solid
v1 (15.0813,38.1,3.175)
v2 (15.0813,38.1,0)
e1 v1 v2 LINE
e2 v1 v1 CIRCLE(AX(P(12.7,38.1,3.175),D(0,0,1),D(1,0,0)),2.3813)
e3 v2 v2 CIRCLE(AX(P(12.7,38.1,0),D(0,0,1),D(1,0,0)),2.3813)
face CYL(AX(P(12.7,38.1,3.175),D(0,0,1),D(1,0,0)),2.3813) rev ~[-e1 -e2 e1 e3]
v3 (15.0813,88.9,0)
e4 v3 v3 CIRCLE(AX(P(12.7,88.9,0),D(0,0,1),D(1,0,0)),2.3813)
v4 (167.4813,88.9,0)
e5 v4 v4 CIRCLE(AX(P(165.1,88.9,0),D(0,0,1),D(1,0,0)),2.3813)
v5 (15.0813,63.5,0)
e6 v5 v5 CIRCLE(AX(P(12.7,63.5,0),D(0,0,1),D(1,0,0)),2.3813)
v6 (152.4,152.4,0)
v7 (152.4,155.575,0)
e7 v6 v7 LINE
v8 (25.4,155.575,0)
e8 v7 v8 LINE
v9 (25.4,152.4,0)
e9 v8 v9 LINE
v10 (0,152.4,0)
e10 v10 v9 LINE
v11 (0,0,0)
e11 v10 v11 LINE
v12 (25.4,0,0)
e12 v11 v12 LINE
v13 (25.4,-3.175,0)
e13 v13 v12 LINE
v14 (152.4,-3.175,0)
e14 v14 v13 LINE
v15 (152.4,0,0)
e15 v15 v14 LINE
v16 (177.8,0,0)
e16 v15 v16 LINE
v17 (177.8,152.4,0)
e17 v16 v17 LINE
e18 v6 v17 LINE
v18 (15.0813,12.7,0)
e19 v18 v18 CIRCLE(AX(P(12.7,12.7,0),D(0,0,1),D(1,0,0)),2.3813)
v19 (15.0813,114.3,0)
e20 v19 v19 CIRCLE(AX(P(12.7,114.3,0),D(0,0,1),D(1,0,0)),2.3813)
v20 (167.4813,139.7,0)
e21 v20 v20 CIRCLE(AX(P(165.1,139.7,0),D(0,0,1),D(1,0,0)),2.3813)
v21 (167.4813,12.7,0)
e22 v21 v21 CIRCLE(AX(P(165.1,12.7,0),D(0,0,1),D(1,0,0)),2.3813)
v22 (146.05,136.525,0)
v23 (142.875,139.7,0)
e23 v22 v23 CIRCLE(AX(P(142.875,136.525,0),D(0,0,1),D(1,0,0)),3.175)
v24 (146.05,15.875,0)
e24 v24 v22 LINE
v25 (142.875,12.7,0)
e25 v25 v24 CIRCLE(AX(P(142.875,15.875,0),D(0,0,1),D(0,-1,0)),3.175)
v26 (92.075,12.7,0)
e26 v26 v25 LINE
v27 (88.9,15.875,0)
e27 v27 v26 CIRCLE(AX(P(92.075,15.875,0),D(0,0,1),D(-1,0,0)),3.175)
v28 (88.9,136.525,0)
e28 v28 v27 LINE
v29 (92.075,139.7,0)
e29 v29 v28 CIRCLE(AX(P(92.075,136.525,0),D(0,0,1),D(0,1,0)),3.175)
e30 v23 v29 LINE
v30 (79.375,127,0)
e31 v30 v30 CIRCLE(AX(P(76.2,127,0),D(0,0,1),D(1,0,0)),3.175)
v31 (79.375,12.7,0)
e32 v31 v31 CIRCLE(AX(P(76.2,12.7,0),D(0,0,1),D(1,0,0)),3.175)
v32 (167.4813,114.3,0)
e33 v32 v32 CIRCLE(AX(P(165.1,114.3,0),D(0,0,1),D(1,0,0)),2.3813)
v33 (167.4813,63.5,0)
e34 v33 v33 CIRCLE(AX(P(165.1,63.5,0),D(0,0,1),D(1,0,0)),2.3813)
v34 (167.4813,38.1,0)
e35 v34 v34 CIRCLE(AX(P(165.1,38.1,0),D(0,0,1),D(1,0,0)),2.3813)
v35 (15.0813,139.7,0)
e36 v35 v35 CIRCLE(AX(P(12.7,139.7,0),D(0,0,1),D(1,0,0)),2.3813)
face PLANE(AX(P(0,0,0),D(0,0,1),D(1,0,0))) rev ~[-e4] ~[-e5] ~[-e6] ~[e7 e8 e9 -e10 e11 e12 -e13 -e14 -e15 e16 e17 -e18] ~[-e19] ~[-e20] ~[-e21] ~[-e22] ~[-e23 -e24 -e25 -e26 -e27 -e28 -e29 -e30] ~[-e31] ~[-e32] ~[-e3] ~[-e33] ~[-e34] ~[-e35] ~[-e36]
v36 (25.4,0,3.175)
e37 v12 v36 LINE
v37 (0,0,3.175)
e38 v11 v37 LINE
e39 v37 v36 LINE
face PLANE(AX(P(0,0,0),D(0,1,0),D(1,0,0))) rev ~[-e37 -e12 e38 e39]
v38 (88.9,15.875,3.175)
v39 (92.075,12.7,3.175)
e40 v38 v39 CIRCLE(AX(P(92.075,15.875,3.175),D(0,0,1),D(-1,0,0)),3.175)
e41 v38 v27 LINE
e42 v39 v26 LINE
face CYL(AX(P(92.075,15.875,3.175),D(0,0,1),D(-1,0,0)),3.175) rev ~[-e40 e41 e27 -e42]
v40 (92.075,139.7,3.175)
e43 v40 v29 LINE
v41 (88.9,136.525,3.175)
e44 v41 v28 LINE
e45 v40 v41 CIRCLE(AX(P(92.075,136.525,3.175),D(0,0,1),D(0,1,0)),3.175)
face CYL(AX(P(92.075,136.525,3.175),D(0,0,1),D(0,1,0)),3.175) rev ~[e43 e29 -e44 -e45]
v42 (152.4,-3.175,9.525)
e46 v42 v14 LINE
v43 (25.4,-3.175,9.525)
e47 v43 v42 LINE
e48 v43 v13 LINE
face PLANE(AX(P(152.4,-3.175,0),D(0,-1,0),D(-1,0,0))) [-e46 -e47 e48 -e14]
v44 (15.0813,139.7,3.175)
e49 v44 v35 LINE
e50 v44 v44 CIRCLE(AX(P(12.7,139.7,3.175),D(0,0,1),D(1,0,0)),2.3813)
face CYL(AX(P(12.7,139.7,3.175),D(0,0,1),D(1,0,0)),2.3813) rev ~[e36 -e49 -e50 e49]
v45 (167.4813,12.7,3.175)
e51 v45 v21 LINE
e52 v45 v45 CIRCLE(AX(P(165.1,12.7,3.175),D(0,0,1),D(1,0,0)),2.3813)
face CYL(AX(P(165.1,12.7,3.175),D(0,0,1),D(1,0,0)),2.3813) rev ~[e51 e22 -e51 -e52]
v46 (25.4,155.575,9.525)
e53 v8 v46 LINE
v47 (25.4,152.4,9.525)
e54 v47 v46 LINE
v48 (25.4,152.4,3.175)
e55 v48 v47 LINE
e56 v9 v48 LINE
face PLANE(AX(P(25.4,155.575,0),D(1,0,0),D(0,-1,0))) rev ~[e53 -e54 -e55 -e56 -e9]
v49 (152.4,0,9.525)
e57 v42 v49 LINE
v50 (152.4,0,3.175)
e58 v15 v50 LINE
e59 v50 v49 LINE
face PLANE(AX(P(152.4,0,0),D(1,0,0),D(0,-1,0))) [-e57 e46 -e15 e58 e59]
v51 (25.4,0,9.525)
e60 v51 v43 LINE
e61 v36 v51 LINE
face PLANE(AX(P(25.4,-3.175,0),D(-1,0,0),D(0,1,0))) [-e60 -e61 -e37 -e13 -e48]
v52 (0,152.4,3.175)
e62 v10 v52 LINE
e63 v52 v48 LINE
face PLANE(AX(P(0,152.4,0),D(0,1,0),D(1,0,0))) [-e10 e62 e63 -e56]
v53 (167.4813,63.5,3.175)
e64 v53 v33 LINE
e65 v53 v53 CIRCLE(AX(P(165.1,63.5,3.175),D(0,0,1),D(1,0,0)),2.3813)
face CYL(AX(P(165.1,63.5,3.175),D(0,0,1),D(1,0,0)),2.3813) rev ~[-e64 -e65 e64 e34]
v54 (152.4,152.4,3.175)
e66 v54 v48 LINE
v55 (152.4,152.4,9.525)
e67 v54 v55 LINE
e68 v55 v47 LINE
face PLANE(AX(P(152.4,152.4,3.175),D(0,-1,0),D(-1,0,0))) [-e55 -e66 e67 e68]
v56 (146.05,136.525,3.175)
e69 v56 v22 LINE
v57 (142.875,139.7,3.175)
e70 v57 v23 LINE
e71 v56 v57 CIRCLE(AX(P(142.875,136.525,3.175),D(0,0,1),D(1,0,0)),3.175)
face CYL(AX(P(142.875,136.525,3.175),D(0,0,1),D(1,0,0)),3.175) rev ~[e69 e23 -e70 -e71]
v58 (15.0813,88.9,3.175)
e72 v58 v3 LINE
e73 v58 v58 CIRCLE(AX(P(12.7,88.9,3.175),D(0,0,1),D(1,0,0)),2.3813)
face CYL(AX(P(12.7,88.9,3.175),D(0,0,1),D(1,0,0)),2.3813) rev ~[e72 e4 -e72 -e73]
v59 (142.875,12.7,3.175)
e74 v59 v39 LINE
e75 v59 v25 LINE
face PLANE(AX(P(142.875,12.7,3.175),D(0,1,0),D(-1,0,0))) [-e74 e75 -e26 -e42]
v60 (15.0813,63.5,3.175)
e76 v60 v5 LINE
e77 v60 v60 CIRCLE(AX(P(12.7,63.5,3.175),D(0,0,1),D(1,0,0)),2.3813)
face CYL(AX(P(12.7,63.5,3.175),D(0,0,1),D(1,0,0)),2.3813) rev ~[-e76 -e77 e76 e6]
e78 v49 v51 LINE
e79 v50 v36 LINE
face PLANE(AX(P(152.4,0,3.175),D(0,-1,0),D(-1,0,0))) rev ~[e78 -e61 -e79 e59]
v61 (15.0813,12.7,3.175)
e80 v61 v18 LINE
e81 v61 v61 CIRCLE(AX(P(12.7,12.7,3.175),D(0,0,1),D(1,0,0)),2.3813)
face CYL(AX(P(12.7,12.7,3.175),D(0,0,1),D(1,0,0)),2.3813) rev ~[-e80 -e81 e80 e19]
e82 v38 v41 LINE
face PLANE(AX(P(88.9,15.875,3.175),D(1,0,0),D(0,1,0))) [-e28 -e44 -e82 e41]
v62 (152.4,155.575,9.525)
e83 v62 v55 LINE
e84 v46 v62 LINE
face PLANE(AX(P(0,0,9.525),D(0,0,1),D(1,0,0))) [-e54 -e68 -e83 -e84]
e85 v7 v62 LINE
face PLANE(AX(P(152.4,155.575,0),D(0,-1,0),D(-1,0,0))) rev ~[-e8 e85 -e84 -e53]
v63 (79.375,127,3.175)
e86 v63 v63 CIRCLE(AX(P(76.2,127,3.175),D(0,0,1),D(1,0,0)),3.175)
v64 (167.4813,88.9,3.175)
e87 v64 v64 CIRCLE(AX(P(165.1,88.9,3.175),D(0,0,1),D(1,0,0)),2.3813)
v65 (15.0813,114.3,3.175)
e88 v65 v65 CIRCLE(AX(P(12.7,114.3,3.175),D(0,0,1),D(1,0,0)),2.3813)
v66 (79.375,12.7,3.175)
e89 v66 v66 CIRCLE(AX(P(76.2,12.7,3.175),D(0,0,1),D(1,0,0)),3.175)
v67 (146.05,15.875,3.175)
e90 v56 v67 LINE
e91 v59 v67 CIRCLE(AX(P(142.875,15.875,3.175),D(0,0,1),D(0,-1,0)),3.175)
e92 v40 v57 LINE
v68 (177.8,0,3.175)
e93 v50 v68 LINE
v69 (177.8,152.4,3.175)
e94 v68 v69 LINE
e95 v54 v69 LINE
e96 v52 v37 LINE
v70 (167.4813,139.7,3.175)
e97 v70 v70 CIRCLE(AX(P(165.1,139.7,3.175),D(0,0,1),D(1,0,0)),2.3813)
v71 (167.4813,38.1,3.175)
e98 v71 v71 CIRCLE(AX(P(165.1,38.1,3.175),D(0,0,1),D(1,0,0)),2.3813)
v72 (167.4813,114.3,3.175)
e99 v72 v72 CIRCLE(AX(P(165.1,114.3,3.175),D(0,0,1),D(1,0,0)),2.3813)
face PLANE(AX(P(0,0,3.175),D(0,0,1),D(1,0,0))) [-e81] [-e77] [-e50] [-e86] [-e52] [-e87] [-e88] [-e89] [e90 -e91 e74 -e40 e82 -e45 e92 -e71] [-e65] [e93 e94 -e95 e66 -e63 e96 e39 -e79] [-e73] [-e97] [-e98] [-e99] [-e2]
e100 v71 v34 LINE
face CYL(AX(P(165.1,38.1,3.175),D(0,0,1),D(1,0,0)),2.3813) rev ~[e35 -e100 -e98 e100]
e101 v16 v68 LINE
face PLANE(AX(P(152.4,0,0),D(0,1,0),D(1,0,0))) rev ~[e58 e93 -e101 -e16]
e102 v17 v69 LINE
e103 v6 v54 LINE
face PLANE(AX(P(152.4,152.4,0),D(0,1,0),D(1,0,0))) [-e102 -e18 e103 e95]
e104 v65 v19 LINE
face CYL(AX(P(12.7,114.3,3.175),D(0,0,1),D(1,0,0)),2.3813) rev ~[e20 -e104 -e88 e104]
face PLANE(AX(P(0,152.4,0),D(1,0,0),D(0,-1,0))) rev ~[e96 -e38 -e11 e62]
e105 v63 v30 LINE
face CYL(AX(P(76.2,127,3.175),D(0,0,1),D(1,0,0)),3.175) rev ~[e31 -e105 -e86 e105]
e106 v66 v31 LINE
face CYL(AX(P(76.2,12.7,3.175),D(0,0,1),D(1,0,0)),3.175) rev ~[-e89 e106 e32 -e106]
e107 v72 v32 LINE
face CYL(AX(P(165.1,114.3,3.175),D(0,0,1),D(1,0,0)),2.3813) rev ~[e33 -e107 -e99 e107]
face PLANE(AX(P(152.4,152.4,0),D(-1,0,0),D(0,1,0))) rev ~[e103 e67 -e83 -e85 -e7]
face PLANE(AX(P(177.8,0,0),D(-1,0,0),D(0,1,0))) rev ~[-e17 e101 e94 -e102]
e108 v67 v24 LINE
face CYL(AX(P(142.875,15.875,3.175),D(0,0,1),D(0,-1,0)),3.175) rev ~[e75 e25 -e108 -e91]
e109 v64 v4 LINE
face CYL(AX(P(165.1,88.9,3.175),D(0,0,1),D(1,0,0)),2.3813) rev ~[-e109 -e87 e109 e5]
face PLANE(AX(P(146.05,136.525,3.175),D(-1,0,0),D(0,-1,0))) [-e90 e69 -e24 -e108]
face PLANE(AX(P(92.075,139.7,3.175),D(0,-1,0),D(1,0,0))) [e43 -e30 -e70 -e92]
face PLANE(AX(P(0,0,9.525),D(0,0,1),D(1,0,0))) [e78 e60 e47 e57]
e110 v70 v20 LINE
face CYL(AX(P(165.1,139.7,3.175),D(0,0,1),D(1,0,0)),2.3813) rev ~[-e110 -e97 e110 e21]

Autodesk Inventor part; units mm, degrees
ref_plane "YZ Plane" through (0, 0, 0) normal (1, 0, 0) x (0, 1, 0)
ref_plane "XZ Plane" through (0, 0, 0) normal (0, 1, 0) x (-1, 0, 0)
ref_plane "XY Plane" through (0, 0, 0) normal (0, 0, 1) x (1, 0, 0)
sketch "Sketch1" plane through (0, 0, 0) normal (0, 0, 1) x (1, 0, 0)
  line L0 (177.8, 0) -> (177.8, 152.4)
  line L1 (0, 152.4) -> (0, 0)
  line L2 (152.4, 152.4) -> (152.4, 155.575)
  line L3 (152.4, 155.575) -> (25.4, 155.575)
  line L4 (25.4, 155.575) -> (25.4, 152.4)
  line L5 (0, 152.4) -> (25.4, 152.4)
  line L6 (152.4, 152.4) -> (177.8, 152.4)
  line L7 (152.4, 0) -> (152.4, -3.175)
  line L8 (152.4, -3.175) -> (25.4, -3.175)
  line L9 (25.4, -3.175) -> (25.4, 0)
  line L10 (0, 0) -> (25.4, 0)
  line L11 (152.4, 0) -> (177.8, 0)
  dimension "d0" = 152.4
  dimension "d1" = 177.8
  dimension "d18" = 25.4
  dimension "d19" = 25.4
  dimension "d20" = 3.175
extrude "Extrusion3" add sketch "Sketch1" along normal blind 3.175
sketch "Sketch2" plane through (0, 0, 3.175) normal (0, 0, 1) x (1, 0, 0)
  line L0 (0, 152.4) -> (25.4, 152.4) projected
  line L1 (0, 0) -> (0, 152.4) projected
  line L2 (25.4, 0) -> (0, 0) projected
  line L3 (177.8, 0) -> (152.4, 0) projected
  line L4 (152.4, 152.4) -> (177.8, 152.4) projected
  line L5 (25.4, 152.4) -> (25.4, 155.575) projected
  line L6 (12.7, 152.4) -> (12.7, 139.7) construction
  line L7 (12.7, 139.7) -> (12.7, 114.3) construction
  line L8 (12.7, 114.3) -> (12.7, 88.9) construction
  line L9 (12.7, 88.9) -> (12.7, 63.5) construction
  line L10 (12.7, 63.5) -> (12.7, 38.1) construction
  line L11 (12.7, 38.1) -> (12.7, 12.7) construction
  line L12 (12.7, 12.7) -> (12.7, 0) construction
  circle A0 centre (12.7, 139.7) radius 2.3813
  circle A1 centre (12.7, 114.3) radius 2.3813
  circle A2 centre (12.7, 88.9) radius 2.3813
  circle A3 centre (12.7, 63.5) radius 2.3813
  circle A4 centre (12.7, 38.1) radius 2.3813
  circle A5 centre (12.7, 12.7) radius 2.3813
  line L13 (165.1, 152.4) -> (165.1, 139.7) construction
  line L14 (165.1, 139.7) -> (165.1, 114.3) construction
  line L15 (165.1, 114.3) -> (165.1, 88.9) construction
  line L16 (165.1, 88.9) -> (165.1, 63.5) construction
  line L17 (165.1, 63.5) -> (165.1, 38.1) construction
  line L18 (165.1, 38.1) -> (165.1, 12.7) construction
  line L19 (165.1, 12.7) -> (165.1, 0) construction
  circle A6 centre (165.1, 139.7) radius 2.3813
  circle A7 centre (165.1, 114.3) radius 2.3813
  circle A8 centre (165.1, 88.9) radius 2.3813
  circle A9 centre (165.1, 63.5) radius 2.3813
  circle A10 centre (165.1, 38.1) radius 2.3813
  circle A11 centre (165.1, 12.7) radius 2.3813
  dimension "d26" = 12.7
  dimension "d27" = 25.4
  dimension "d28" = 4.7625
  dimension "d29" = 12.7
  dimension "d30" = 25.4
  dimension "d31" = 4.7625
extrude "Extrusion4" cut sketch "Sketch2" against normal up to next
sketch "Sketch3" plane through (0, 0, 3.175) normal (0, 0, 1) x (1, 0, 0)
  line L0 (0, 0) -> (0, 152.4) projected
  line L1 (25.4, 0) -> (0, 0) projected
  circle A0 centre (76.2, 127) radius 3.175
  circle A1 centre (76.2, 12.7) radius 3.175
  dimension "d34" = 76.2
  dimension "d35" = 76.2
  dimension "d36" = 114.3
  dimension "d37" = 12.7
  dimension "d38" = 6.35
  dimension "d39" = 6.35
extrude "Extrusion5" cut sketch "Sketch3" against normal up to next
sketch "Sketch4" plane through (0, 0, 3.175) normal (0, 0, 1) x (1, 0, 0)
  circle A0 centre (76.2, 127) radius 3.175 projected
  line L0 (177.8, 0) -> (152.4, 0) projected
  line L1 (177.8, 152.4) -> (177.8, 0) projected
  line L2 (152.4, 152.4) -> (177.8, 152.4) projected
  line L3 (92.075, 139.7) -> (142.875, 139.7)
  line L4 (146.05, 136.525) -> (146.05, 15.875)
  line L5 (142.875, 12.7) -> (92.075, 12.7)
  line L6 (88.9, 15.875) -> (88.9, 136.525)
  arc A1 (92.075, 139.7) -> (88.9, 136.525) centre (92.075, 136.525) ccw
  arc A2 (146.05, 136.525) -> (142.875, 139.7) centre (142.875, 136.525) ccw
  arc A3 (142.875, 12.7) -> (146.05, 15.875) centre (142.875, 15.875) ccw
  arc A4 (88.9, 15.875) -> (92.075, 12.7) centre (92.075, 15.875) ccw
  dimension "d42" = 12.7
  dimension "d43" = 31.75
  dimension "d44" = 12.7
  dimension "d45" = 12.7
  dimension "d46" = 3.175
extrude "Extrusion6" cut sketch "Sketch4" against normal up to next contours L3 A2 L4 A3 L5 A4 L6 A1
sketch "Sketch5" plane through (0, 0, 3.175) normal (0, 0, 1) x (1, 0, 0)
  line L0 (25.4, 155.575) -> (152.4, 155.575)
  line L1 (152.4, 155.575) -> (152.4, 152.4)
  line L2 (152.4, 152.4) -> (25.4, 152.4)
  line L3 (25.4, 152.4) -> (25.4, 155.575)
  line L4 (25.4, -3.175) -> (152.4, -3.175)
  line L5 (152.4, -3.175) -> (152.4, 0)
  line L6 (152.4, 0) -> (25.4, 0)
  line L7 (25.4, 0) -> (25.4, -3.175)
extrude "Extrusion7" add sketch "Sketch5" along normal blind 6.35
properties part number "DriveTrain_MotorMount" material "Aluminum-6061"
